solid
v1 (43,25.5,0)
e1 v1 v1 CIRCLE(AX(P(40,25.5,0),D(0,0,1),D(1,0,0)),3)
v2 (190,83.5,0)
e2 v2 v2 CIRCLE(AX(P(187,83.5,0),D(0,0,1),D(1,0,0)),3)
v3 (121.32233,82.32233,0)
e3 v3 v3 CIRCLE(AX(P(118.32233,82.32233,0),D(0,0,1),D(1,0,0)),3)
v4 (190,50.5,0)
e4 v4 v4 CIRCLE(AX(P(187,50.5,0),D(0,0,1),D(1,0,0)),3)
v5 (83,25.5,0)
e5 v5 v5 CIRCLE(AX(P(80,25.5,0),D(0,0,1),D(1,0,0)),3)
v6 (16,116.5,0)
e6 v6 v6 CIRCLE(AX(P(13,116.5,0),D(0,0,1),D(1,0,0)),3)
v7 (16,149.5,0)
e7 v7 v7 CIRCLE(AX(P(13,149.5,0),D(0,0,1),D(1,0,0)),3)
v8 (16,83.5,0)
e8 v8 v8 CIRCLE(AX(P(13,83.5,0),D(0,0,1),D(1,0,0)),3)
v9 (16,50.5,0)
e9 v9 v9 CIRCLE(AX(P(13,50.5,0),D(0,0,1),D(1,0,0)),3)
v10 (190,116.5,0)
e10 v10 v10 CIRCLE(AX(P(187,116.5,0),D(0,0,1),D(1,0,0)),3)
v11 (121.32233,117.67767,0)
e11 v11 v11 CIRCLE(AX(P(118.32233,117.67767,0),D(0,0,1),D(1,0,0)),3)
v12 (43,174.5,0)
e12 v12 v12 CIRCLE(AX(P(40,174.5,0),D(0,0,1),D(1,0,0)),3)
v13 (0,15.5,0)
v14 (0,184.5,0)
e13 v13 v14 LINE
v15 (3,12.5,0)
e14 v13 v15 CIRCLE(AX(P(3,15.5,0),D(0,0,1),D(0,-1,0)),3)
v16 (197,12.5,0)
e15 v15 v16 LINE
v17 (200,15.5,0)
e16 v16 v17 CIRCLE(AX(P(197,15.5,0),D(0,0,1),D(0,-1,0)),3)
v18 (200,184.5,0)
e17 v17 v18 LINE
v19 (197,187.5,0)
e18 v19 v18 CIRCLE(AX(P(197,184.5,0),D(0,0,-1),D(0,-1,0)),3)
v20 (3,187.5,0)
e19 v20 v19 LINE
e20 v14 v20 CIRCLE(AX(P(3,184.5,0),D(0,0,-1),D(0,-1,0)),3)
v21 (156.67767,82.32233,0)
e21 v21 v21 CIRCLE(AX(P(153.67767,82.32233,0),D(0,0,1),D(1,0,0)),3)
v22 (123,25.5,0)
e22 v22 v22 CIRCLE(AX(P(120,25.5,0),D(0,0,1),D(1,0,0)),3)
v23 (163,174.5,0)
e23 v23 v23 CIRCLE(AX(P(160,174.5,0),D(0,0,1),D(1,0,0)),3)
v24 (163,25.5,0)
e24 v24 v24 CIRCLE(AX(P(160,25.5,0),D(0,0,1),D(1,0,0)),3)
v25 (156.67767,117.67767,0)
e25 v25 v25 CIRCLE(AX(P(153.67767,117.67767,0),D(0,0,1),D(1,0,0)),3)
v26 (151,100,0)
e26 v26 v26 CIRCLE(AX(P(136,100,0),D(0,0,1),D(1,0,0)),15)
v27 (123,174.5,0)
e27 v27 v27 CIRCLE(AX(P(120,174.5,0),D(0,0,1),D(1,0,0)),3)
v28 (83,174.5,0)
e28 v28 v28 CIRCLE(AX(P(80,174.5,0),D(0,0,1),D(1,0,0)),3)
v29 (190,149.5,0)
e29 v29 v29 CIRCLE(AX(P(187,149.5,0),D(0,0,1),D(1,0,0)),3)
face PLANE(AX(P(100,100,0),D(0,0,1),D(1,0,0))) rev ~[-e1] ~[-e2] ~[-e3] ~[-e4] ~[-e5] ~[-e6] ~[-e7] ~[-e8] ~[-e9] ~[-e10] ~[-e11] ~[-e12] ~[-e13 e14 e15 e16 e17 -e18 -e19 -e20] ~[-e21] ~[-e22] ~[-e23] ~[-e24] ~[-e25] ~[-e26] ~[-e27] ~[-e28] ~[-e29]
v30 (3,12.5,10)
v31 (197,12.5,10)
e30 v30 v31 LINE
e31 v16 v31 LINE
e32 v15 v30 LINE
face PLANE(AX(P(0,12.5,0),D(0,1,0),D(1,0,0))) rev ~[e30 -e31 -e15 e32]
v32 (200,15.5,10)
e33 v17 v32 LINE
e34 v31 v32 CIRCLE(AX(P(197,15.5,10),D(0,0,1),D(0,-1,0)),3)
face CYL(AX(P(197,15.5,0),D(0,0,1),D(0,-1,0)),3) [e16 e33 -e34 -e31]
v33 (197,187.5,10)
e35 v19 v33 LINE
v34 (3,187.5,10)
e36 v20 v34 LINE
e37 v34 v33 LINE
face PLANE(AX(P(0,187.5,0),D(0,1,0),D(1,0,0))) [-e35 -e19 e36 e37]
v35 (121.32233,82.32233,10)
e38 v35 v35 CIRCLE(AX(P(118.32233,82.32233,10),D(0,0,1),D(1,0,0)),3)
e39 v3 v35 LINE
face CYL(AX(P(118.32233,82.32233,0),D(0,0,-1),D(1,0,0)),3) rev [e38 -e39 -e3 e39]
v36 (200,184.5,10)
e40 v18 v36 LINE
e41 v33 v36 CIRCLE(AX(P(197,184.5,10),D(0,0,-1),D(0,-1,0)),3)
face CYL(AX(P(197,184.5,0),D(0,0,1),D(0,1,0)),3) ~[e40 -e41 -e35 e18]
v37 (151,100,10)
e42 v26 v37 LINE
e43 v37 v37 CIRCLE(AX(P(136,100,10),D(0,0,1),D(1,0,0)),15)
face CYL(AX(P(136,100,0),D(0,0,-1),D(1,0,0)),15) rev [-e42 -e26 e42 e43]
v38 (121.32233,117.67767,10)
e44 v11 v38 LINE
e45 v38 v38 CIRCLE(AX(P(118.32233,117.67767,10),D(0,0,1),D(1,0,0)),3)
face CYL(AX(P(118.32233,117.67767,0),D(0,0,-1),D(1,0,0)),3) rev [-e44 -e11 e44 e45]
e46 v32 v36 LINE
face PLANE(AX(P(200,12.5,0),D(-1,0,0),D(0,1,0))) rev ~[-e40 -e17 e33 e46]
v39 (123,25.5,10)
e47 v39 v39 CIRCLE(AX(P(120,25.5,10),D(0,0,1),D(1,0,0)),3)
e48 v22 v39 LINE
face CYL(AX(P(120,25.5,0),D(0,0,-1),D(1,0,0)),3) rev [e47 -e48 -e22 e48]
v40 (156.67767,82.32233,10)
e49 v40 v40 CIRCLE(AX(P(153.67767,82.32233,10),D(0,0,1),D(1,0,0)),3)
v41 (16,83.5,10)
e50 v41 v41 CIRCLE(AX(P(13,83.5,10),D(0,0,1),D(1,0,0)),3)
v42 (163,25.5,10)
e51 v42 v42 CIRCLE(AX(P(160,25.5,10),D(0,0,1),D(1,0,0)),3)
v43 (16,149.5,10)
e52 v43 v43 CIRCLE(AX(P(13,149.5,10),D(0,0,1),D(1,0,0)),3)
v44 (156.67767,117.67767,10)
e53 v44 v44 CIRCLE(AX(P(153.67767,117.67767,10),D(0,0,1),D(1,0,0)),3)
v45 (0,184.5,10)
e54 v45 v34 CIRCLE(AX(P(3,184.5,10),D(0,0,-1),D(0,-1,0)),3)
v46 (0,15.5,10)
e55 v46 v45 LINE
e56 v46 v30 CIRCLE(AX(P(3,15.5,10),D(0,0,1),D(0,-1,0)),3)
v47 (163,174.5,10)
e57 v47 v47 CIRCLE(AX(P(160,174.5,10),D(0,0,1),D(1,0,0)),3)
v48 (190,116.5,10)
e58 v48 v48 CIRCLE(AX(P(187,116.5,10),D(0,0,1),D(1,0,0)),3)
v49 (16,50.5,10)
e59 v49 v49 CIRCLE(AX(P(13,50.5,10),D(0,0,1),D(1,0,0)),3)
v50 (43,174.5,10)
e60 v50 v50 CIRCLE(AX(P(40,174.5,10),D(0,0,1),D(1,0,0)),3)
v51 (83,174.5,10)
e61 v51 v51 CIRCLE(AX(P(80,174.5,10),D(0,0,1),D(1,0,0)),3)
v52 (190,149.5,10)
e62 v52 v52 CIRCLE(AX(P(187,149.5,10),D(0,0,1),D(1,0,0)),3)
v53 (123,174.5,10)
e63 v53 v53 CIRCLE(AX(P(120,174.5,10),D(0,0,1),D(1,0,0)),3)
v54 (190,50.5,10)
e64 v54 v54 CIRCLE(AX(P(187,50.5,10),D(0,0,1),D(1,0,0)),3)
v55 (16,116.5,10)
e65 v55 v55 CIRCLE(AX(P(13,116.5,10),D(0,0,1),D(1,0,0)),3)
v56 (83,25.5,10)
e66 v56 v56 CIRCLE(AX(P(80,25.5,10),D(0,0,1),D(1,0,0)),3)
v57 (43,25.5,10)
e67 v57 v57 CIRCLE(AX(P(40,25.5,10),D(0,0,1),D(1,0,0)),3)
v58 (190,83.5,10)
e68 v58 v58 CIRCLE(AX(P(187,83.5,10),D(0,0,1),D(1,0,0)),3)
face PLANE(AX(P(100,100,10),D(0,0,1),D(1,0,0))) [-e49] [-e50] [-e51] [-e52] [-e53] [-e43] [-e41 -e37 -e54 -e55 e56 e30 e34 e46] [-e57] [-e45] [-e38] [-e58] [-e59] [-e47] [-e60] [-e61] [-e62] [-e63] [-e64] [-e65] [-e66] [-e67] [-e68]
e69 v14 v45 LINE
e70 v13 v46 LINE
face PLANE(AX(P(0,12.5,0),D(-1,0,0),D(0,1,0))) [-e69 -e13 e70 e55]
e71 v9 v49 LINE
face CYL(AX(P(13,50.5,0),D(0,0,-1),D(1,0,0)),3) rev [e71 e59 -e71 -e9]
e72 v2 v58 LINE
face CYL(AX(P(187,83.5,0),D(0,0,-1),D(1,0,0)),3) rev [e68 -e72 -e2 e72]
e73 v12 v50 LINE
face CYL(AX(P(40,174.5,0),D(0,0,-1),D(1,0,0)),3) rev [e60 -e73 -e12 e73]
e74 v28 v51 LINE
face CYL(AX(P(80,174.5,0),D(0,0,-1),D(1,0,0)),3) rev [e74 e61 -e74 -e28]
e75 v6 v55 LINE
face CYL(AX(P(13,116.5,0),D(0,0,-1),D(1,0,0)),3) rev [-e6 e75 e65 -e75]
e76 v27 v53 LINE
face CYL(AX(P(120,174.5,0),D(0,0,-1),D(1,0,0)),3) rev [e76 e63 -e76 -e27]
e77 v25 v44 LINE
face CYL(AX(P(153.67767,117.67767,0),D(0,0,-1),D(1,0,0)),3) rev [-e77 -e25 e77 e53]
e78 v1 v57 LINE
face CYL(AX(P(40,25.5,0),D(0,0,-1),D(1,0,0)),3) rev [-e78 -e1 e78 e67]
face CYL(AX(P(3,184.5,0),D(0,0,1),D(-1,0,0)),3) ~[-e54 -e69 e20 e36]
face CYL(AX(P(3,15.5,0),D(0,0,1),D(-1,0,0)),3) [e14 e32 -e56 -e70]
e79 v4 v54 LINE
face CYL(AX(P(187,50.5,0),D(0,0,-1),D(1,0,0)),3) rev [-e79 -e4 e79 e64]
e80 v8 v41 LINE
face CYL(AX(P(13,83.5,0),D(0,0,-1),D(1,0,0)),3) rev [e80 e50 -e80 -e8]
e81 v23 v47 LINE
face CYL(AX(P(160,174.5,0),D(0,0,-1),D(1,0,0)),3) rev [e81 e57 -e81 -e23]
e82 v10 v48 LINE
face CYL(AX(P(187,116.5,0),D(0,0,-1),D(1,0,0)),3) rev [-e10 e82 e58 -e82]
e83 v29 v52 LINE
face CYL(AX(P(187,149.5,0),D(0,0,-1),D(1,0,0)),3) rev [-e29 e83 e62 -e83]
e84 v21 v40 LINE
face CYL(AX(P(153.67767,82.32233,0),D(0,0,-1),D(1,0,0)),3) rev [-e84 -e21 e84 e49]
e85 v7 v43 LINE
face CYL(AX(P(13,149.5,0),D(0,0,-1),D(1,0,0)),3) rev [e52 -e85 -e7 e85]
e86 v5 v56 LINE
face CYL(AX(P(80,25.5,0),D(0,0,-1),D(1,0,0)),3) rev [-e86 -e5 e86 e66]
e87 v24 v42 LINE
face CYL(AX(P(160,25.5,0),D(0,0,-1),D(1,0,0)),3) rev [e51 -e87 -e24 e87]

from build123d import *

# Parameters (mm, degrees)
SKETCH_W   = 200
SKETCH_H   = 175
SKETCH_R   = 15
SKETCH_R_2 = 3
PAD_DEPTH  = 10
FILLET_R   = 3


with BuildPart() as part:
    # Sketch → Pad (new body)
    with BuildSketch(Plane.XY):
        with Locations((100, 100)):
            Rectangle(SKETCH_W, SKETCH_H)
        with Locations((136, 100)):
            Circle(SKETCH_R, mode=Mode.SUBTRACT)
        with Locations((118.32233, 117.67767)):
            Circle(SKETCH_R_2, mode=Mode.SUBTRACT)
        with Locations((153.67767, 117.67767)):
            Circle(SKETCH_R_2, mode=Mode.SUBTRACT)
        with Locations((118.32233, 82.32233)):
            Circle(SKETCH_R_2, mode=Mode.SUBTRACT)
        with Locations((153.67767, 82.32233)):
            Circle(SKETCH_R_2, mode=Mode.SUBTRACT)
        with Locations((40, 25.5)):
            Circle(SKETCH_R_2, mode=Mode.SUBTRACT)
        with Locations((160, 25.5)):
            Circle(SKETCH_R_2, mode=Mode.SUBTRACT)
        with Locations((80, 25.5)):
            Circle(SKETCH_R_2, mode=Mode.SUBTRACT)
        with Locations((120, 25.5)):
            Circle(SKETCH_R_2, mode=Mode.SUBTRACT)
        with Locations((40, 174.5)):
            Circle(SKETCH_R_2, mode=Mode.SUBTRACT)
        with Locations((80, 174.5)):
            Circle(SKETCH_R_2, mode=Mode.SUBTRACT)
        with Locations((120, 174.5)):
            Circle(SKETCH_R_2, mode=Mode.SUBTRACT)
        with Locations((160, 174.5)):
            Circle(SKETCH_R_2, mode=Mode.SUBTRACT)
        with Locations((13, 149.5)):
            Circle(SKETCH_R_2, mode=Mode.SUBTRACT)
        with Locations((13, 116.5)):
            Circle(SKETCH_R_2, mode=Mode.SUBTRACT)
        with Locations((13, 83.5)):
            Circle(SKETCH_R_2, mode=Mode.SUBTRACT)
        with Locations((13, 50.5)):
            Circle(SKETCH_R_2, mode=Mode.SUBTRACT)
        with Locations((187, 149.5)):
            Circle(SKETCH_R_2, mode=Mode.SUBTRACT)
        with Locations((187, 116.5)):
            Circle(SKETCH_R_2, mode=Mode.SUBTRACT)
        with Locations((187, 83.5)):
            Circle(SKETCH_R_2, mode=Mode.SUBTRACT)
        with Locations((187, 50.5)):
            Circle(SKETCH_R_2, mode=Mode.SUBTRACT)
    extrude(amount=PAD_DEPTH)

    # Fillet
    fillet_edges = [part.edges().sort_by_distance(p)[0] for p in [
        (0, 12.5, 5),
        (200, 12.5, 5),
        (0, 187.5, 5),
        (200, 187.5, 5),
    ]]
    fillet(fillet_edges, radius=FILLET_R)


solid = part.part
